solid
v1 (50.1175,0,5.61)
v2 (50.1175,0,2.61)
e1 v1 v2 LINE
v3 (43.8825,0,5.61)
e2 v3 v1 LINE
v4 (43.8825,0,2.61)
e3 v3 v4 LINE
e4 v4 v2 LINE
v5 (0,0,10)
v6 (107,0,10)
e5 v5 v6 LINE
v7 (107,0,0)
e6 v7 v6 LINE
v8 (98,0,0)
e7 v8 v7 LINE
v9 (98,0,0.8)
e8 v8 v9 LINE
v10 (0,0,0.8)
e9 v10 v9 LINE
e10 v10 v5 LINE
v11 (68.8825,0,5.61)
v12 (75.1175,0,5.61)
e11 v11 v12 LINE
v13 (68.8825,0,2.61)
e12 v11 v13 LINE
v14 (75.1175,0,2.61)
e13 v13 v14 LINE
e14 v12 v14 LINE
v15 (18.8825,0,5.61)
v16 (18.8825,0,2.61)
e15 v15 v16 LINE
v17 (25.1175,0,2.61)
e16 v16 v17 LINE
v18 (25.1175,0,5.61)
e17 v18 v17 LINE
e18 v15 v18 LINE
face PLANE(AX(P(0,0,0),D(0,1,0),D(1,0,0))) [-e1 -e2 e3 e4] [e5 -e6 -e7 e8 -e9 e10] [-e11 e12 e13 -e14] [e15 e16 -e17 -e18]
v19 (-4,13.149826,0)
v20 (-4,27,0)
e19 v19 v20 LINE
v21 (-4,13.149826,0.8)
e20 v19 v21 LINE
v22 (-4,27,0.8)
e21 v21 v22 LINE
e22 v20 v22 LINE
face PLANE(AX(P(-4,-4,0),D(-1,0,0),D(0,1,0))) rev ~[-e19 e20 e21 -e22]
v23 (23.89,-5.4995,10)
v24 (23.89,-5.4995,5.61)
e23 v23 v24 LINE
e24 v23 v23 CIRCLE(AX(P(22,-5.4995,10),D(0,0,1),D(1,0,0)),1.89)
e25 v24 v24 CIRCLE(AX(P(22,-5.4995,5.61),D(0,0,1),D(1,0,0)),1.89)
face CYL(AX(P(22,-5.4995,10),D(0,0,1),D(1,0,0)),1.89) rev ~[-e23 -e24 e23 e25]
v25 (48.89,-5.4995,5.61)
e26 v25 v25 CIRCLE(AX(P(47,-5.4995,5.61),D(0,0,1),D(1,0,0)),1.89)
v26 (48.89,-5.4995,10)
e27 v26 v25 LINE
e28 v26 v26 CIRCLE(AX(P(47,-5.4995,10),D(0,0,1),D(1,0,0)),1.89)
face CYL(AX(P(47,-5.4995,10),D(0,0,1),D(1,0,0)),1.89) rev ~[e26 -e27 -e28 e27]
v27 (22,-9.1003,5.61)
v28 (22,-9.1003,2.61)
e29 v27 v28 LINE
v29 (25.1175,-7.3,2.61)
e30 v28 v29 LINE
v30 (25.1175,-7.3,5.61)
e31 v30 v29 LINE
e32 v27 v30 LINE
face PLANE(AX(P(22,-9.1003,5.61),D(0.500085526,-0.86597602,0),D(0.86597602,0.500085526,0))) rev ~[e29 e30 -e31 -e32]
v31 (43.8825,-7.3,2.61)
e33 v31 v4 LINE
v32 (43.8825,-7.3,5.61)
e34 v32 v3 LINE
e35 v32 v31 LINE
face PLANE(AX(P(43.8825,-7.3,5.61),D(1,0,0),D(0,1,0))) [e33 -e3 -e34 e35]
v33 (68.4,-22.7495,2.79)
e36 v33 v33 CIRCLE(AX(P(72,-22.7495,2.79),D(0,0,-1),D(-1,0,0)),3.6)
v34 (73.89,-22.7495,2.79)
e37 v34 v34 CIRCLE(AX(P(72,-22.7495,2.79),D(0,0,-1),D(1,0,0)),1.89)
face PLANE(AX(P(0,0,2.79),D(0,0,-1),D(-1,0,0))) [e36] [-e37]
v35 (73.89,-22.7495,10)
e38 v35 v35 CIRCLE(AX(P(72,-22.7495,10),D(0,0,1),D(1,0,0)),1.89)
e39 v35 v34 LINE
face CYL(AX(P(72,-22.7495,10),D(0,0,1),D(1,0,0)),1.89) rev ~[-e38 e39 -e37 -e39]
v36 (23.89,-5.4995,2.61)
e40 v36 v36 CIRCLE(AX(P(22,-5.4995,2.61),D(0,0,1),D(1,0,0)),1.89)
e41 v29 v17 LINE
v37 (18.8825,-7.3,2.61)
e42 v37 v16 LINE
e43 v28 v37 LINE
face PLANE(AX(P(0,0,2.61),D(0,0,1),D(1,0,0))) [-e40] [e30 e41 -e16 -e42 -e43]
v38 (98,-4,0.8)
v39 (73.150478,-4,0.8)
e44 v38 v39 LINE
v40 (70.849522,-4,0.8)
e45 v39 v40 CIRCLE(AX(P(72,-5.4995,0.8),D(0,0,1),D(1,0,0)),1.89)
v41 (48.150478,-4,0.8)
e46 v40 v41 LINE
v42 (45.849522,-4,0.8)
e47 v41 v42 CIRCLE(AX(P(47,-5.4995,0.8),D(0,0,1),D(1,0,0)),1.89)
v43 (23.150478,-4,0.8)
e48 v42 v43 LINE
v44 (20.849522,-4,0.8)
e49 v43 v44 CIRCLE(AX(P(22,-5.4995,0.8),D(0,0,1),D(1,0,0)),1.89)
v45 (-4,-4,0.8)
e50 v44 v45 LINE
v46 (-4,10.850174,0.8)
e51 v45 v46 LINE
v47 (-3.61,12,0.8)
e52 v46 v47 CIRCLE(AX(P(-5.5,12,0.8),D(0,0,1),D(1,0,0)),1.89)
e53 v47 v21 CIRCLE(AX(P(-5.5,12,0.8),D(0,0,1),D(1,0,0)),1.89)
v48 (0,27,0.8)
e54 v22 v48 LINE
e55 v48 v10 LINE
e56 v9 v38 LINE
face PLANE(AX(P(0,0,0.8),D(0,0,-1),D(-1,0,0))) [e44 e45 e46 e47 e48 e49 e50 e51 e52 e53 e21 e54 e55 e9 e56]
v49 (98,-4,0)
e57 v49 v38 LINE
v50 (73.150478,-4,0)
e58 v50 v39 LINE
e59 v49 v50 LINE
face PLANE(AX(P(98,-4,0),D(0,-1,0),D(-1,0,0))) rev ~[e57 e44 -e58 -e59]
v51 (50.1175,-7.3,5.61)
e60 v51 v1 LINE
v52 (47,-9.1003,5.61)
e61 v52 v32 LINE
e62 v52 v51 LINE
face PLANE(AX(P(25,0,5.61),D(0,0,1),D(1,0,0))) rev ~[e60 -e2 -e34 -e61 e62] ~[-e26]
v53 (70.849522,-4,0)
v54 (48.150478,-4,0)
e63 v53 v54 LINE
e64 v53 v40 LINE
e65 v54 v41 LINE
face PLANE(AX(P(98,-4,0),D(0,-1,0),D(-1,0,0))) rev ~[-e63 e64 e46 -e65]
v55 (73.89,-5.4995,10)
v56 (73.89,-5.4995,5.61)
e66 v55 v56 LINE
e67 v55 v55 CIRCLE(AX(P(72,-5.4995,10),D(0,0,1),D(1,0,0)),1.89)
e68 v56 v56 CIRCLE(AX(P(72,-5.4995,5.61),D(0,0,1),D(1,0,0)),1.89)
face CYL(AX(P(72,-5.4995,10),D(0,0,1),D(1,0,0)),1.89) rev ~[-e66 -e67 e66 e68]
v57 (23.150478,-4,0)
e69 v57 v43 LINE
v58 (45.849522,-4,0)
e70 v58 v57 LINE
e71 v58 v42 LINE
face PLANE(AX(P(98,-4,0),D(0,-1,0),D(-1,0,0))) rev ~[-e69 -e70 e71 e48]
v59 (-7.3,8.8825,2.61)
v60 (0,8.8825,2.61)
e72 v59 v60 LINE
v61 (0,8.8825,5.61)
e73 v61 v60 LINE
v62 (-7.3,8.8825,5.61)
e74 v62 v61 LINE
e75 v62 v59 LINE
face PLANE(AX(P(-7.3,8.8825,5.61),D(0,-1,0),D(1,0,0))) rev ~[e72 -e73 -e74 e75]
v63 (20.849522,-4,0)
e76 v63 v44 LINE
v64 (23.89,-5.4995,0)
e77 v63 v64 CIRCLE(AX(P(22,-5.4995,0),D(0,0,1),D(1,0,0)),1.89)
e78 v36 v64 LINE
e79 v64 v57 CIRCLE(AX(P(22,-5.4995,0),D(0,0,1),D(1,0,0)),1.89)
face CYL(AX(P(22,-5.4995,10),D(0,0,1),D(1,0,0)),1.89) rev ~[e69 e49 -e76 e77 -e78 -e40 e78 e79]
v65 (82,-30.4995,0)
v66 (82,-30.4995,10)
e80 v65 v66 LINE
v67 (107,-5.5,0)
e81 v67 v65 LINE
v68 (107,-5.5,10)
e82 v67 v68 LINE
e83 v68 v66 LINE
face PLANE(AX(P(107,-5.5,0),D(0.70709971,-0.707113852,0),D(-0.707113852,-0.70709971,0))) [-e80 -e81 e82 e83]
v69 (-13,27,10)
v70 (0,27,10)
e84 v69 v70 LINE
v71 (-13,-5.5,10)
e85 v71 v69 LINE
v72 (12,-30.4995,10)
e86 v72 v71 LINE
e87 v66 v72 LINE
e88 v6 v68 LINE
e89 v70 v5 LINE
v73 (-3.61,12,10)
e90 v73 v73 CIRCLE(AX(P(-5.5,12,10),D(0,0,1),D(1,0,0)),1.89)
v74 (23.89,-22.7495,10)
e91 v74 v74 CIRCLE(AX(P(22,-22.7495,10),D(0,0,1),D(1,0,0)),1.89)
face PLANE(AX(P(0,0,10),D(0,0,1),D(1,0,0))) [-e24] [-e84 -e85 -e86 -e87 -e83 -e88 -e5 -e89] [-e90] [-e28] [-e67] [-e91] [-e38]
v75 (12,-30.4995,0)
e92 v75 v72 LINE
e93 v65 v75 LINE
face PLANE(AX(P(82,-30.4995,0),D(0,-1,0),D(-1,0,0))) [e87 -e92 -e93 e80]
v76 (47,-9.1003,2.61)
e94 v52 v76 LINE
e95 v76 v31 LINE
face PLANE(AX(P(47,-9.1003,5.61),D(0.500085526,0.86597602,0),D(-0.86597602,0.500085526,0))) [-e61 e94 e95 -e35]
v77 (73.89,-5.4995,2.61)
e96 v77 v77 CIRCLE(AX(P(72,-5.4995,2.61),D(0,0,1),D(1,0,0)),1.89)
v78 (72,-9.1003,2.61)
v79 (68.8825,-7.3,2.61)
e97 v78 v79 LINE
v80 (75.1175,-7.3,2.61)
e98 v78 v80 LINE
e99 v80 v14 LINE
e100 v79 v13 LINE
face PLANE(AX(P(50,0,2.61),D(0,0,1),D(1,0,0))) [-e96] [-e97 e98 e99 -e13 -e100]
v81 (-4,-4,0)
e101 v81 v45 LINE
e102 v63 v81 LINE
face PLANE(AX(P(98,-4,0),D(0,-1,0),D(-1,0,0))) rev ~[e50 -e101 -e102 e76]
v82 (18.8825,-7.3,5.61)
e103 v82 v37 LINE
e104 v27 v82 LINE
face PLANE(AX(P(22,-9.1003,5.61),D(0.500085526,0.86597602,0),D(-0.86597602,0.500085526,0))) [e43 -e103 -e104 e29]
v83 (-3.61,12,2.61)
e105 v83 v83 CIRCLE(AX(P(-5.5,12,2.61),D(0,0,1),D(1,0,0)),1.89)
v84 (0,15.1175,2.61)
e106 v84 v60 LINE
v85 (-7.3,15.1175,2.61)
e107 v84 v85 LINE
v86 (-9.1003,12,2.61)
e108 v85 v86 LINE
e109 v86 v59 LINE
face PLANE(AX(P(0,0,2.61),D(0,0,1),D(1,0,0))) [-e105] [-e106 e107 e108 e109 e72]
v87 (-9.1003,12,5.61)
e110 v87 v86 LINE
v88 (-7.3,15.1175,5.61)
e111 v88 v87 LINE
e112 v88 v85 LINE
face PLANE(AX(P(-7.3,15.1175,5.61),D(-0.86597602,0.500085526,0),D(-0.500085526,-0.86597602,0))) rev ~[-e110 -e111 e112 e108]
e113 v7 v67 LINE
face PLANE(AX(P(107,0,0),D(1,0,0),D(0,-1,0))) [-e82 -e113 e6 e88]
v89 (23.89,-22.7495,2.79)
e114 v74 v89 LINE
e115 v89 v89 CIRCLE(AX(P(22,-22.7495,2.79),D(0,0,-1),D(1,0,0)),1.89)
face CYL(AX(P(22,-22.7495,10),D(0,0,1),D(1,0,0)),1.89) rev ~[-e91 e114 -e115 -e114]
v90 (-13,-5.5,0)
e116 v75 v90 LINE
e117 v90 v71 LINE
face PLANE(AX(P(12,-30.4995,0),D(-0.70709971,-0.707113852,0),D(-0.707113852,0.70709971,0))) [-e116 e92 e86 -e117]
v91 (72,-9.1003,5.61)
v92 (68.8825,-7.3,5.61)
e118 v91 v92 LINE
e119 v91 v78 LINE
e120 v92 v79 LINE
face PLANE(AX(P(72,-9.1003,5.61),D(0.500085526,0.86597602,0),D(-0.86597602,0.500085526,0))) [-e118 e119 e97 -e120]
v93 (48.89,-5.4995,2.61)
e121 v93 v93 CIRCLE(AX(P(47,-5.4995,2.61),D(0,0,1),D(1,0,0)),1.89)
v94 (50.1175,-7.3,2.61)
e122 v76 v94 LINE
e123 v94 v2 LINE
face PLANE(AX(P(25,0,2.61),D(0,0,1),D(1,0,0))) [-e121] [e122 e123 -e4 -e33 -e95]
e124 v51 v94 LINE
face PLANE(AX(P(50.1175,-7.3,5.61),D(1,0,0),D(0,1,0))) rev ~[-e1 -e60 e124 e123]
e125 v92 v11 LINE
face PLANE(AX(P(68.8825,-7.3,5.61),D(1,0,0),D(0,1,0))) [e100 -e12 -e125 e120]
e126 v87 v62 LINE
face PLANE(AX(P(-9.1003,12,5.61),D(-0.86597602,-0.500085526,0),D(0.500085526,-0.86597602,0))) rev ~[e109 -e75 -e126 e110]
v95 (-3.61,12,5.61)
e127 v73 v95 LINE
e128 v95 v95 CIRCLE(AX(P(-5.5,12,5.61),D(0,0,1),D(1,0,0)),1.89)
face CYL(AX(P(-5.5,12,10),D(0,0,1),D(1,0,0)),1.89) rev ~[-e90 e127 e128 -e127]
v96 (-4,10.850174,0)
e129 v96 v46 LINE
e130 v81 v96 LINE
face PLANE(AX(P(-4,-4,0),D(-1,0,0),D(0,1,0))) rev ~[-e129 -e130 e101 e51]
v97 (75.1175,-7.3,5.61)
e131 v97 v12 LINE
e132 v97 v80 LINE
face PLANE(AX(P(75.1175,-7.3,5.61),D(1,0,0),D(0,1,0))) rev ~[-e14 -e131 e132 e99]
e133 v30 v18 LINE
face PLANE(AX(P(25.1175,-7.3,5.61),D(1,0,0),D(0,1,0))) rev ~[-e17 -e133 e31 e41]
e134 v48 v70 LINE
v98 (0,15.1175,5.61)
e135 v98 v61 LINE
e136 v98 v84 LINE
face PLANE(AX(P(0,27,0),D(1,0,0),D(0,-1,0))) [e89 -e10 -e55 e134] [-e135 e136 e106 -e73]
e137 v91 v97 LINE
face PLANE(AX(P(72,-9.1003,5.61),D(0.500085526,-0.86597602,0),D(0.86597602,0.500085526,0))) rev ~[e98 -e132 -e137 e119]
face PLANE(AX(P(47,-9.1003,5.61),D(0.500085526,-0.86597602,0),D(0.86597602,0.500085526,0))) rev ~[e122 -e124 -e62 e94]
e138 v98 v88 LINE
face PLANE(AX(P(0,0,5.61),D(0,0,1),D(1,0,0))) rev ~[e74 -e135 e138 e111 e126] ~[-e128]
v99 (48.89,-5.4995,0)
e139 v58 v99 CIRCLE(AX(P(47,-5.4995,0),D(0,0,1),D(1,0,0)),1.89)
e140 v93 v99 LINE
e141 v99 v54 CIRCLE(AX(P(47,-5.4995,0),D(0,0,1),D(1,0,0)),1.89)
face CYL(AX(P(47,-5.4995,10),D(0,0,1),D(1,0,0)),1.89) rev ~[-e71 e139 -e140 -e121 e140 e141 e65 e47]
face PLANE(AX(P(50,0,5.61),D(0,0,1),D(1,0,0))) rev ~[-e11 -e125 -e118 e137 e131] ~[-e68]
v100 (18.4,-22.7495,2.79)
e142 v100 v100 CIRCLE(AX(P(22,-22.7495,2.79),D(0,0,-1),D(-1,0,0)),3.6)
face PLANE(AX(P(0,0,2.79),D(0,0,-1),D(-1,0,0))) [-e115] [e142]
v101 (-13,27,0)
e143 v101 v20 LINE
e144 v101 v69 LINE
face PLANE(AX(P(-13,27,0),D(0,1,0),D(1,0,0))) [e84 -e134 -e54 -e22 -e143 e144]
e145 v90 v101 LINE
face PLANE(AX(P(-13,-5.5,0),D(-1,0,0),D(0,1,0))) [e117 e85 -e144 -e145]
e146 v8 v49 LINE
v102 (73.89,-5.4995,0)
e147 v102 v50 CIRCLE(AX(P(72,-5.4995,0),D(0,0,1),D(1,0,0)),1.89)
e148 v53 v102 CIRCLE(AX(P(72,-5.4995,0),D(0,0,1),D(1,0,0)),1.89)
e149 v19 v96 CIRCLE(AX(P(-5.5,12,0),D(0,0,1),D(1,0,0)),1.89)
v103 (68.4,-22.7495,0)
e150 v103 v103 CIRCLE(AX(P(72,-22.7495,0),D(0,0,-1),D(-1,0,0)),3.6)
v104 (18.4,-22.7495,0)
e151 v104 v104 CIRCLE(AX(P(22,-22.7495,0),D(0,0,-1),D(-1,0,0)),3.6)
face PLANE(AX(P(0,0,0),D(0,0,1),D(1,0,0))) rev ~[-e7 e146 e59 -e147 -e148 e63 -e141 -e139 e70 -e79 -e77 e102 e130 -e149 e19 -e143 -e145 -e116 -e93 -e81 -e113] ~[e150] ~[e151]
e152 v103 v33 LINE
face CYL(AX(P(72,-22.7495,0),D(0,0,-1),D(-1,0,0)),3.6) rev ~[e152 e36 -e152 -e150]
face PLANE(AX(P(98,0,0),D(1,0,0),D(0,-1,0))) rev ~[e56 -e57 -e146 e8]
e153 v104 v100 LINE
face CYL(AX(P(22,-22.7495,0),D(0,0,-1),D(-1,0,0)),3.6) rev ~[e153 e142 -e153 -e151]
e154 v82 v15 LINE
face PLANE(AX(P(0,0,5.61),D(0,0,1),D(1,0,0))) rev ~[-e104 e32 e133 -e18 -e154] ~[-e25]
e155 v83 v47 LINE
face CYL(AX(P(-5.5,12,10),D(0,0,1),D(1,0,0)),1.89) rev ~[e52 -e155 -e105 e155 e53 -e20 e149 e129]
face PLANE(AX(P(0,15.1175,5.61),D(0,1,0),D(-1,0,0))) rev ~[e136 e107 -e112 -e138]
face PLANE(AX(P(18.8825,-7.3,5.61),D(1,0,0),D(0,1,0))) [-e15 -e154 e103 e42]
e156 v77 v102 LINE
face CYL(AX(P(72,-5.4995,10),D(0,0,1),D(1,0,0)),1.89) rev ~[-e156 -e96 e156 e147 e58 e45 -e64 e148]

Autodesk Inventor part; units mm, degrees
sketch "Boceto1" plane through (0, 0, 0) normal (0, 0, 1) x (1, 0, 0)
  line L0 (0, 0) -> (107, 0)
  line L1 (107, 0) -> (107, -5.5)
  line L2 (107, -5.5) -> (82, -30.4995)
  line L3 (82, -30.4995) -> (12, -30.4995)
  line L4 (12, -30.4995) -> (-13, -5.5)
  line L5 (-13, -5.5) -> (-13, 27)
  line L6 (-13, 27) -> (0, 27)
  line L7 (0, 27) -> (0, 0)
  dimension "d0" = 107
  dimension "d1" = 5.5
  dimension "d2" = 35.355
  dimension "d3" = 70
  dimension "d4" = 35.355
  dimension "d5" = 32.5
  dimension "d6" = 13
  dimension "d7" = 27
extrude "Extrusión1" add sketch "Boceto1" along normal blind 10
sketch "Boceto2" plane through (0, 0, 10) normal (0, 0, 1) x (1, 0, 0)
  circle A0 centre (22, -5.4995) radius 1.89
  circle A1 centre (47, -5.4995) radius 1.89
  circle A2 centre (72, -5.4995) radius 1.89
  circle A3 centre (-5.5, 12) radius 1.89
  circle A4 centre (22, -22.7495) radius 1.89
  circle A5 centre (72, -22.7495) radius 1.89
  line L0 (12, -30.4995) -> (82, -30.4995) projected
  line L1 (-13, 27) -> (-13, -5.5) projected
  line L2 (0, 27) -> (-13, 27) projected
  line L3 (0, 27) -> (0, 0) projected
  dimension "d10" = 3.78
  dimension "d11" = 3.78
  dimension "d12" = 3.78
  dimension "d13" = 3.78
  dimension "d14" = 3.78
  dimension "d15" = 3.78
  dimension "d16" = 25
  dimension "d17" = 25
  dimension "d18" = 17.25
  dimension "d19" = 7.75
  dimension "d20" = 35
  dimension "d21" = 15
  dimension "d22" = 5.5
extrude "Extrusión2" cut sketch "Boceto2" against normal through all
sketch "Boceto3" plane through (0, 0, 0) normal (0, 0, -1) x (-1, 0, 0)
  circle A0 centre (-72, -22.7495) radius 1.89 projected
  circle A1 centre (-22, -22.7495) radius 1.89 projected
  circle A2 centre (-72, -22.7495) radius 3.6
  circle A3 centre (-22, -22.7495) radius 3.6
  point P0 (0, 0)
  dimension "d25" = 7.2
  dimension "d26" = 7.2
extrude "Extrusión3" cut sketch "Boceto3" against normal blind 2.79
ref_plane "Plano de trabajo1" through (0, 0, 5.61) normal (0, 0, 1) x (1, 0, 0)
sketch "Boceto4" plane through (0, 0, 5.61) normal (0, 0, 1) x (1, 0, 0)
  circle A0 centre (-5.5, 12) radius 1.89 projected
  circle A1 centre (22, -5.4995) radius 1.89 projected
  circle A2 centre (47, -5.4995) radius 1.89 projected
  circle A3 centre (72, -5.4995) radius 1.89 projected
  line L0 (0, 27) -> (0, 0) projected
  line L1 (0, 15.1175) -> (-7.3, 15.1175)
  line L2 (-7.3, 15.1175) -> (-9.1003, 12)
  line L3 (-9.1003, 12) -> (-7.3, 8.8825)
  line L4 (-7.3, 8.8825) -> (0, 8.8825)
  line L5 (0, 15.1175) -> (0, 8.8825)
  line L6 (22, -9.1003) -> (18.8825, -7.3)
  line L7 (18.8825, -7.3) -> (18.8825, 0)
  line L8 (0, 0) -> (107, 0) projected
  line L9 (22, -9.1003) -> (25.1175, -7.3)
  line L10 (25.1175, -7.3) -> (25.1175, 0)
  line L11 (25.1175, 0) -> (18.8825, 0)
  point P0 (0, 12)
  point P1 (22, 0)
  dimension "d30" = 7.3
  dimension "d31" = 6.235
  dimension "d32" = 3.6
  dimension "d33" = 6.235
  dimension "d34" = 3.6
  dimension "d35" = 7.3
extrude "Extrusión4" cut sketch "Boceto4" against normal blind 3 contours L8 L10 L9 L6 L7 | L0 L4 L3 L2 L1
pattern_linear "Patrón rectangular1" count 3 spacing -25 along (-1, 0, 0) of "Extrusión4"
sketch "Boceto5" plane through (0, 0, 0) normal (0, 0, -1) x (-1, 0, 0)
  line L0 (-98, 0) -> (-98, -4)
  line L1 (-98, -4) -> (4, -4)
  line L2 (4, -4) -> (4, 27)
  line L3 (13, 27) -> (0, 27) projected
  line L4 (0, 27) -> (4, 27)
  line L5 (0, 27) -> (0, 0)
  line L6 (0, 0) -> (0, 27) projected
  line L7 (0, 0) -> (-98, 0)
  line L8 (-107, 0) -> (-107, -5.5) projected
  line L9 (13, -5.5) -> (13, 27) projected
  dimension "d41" = 4
  dimension "d42" = 9
  dimension "d43" = 9
extrude "Extrusión5" cut sketch "Boceto5" against normal blind 0.8
